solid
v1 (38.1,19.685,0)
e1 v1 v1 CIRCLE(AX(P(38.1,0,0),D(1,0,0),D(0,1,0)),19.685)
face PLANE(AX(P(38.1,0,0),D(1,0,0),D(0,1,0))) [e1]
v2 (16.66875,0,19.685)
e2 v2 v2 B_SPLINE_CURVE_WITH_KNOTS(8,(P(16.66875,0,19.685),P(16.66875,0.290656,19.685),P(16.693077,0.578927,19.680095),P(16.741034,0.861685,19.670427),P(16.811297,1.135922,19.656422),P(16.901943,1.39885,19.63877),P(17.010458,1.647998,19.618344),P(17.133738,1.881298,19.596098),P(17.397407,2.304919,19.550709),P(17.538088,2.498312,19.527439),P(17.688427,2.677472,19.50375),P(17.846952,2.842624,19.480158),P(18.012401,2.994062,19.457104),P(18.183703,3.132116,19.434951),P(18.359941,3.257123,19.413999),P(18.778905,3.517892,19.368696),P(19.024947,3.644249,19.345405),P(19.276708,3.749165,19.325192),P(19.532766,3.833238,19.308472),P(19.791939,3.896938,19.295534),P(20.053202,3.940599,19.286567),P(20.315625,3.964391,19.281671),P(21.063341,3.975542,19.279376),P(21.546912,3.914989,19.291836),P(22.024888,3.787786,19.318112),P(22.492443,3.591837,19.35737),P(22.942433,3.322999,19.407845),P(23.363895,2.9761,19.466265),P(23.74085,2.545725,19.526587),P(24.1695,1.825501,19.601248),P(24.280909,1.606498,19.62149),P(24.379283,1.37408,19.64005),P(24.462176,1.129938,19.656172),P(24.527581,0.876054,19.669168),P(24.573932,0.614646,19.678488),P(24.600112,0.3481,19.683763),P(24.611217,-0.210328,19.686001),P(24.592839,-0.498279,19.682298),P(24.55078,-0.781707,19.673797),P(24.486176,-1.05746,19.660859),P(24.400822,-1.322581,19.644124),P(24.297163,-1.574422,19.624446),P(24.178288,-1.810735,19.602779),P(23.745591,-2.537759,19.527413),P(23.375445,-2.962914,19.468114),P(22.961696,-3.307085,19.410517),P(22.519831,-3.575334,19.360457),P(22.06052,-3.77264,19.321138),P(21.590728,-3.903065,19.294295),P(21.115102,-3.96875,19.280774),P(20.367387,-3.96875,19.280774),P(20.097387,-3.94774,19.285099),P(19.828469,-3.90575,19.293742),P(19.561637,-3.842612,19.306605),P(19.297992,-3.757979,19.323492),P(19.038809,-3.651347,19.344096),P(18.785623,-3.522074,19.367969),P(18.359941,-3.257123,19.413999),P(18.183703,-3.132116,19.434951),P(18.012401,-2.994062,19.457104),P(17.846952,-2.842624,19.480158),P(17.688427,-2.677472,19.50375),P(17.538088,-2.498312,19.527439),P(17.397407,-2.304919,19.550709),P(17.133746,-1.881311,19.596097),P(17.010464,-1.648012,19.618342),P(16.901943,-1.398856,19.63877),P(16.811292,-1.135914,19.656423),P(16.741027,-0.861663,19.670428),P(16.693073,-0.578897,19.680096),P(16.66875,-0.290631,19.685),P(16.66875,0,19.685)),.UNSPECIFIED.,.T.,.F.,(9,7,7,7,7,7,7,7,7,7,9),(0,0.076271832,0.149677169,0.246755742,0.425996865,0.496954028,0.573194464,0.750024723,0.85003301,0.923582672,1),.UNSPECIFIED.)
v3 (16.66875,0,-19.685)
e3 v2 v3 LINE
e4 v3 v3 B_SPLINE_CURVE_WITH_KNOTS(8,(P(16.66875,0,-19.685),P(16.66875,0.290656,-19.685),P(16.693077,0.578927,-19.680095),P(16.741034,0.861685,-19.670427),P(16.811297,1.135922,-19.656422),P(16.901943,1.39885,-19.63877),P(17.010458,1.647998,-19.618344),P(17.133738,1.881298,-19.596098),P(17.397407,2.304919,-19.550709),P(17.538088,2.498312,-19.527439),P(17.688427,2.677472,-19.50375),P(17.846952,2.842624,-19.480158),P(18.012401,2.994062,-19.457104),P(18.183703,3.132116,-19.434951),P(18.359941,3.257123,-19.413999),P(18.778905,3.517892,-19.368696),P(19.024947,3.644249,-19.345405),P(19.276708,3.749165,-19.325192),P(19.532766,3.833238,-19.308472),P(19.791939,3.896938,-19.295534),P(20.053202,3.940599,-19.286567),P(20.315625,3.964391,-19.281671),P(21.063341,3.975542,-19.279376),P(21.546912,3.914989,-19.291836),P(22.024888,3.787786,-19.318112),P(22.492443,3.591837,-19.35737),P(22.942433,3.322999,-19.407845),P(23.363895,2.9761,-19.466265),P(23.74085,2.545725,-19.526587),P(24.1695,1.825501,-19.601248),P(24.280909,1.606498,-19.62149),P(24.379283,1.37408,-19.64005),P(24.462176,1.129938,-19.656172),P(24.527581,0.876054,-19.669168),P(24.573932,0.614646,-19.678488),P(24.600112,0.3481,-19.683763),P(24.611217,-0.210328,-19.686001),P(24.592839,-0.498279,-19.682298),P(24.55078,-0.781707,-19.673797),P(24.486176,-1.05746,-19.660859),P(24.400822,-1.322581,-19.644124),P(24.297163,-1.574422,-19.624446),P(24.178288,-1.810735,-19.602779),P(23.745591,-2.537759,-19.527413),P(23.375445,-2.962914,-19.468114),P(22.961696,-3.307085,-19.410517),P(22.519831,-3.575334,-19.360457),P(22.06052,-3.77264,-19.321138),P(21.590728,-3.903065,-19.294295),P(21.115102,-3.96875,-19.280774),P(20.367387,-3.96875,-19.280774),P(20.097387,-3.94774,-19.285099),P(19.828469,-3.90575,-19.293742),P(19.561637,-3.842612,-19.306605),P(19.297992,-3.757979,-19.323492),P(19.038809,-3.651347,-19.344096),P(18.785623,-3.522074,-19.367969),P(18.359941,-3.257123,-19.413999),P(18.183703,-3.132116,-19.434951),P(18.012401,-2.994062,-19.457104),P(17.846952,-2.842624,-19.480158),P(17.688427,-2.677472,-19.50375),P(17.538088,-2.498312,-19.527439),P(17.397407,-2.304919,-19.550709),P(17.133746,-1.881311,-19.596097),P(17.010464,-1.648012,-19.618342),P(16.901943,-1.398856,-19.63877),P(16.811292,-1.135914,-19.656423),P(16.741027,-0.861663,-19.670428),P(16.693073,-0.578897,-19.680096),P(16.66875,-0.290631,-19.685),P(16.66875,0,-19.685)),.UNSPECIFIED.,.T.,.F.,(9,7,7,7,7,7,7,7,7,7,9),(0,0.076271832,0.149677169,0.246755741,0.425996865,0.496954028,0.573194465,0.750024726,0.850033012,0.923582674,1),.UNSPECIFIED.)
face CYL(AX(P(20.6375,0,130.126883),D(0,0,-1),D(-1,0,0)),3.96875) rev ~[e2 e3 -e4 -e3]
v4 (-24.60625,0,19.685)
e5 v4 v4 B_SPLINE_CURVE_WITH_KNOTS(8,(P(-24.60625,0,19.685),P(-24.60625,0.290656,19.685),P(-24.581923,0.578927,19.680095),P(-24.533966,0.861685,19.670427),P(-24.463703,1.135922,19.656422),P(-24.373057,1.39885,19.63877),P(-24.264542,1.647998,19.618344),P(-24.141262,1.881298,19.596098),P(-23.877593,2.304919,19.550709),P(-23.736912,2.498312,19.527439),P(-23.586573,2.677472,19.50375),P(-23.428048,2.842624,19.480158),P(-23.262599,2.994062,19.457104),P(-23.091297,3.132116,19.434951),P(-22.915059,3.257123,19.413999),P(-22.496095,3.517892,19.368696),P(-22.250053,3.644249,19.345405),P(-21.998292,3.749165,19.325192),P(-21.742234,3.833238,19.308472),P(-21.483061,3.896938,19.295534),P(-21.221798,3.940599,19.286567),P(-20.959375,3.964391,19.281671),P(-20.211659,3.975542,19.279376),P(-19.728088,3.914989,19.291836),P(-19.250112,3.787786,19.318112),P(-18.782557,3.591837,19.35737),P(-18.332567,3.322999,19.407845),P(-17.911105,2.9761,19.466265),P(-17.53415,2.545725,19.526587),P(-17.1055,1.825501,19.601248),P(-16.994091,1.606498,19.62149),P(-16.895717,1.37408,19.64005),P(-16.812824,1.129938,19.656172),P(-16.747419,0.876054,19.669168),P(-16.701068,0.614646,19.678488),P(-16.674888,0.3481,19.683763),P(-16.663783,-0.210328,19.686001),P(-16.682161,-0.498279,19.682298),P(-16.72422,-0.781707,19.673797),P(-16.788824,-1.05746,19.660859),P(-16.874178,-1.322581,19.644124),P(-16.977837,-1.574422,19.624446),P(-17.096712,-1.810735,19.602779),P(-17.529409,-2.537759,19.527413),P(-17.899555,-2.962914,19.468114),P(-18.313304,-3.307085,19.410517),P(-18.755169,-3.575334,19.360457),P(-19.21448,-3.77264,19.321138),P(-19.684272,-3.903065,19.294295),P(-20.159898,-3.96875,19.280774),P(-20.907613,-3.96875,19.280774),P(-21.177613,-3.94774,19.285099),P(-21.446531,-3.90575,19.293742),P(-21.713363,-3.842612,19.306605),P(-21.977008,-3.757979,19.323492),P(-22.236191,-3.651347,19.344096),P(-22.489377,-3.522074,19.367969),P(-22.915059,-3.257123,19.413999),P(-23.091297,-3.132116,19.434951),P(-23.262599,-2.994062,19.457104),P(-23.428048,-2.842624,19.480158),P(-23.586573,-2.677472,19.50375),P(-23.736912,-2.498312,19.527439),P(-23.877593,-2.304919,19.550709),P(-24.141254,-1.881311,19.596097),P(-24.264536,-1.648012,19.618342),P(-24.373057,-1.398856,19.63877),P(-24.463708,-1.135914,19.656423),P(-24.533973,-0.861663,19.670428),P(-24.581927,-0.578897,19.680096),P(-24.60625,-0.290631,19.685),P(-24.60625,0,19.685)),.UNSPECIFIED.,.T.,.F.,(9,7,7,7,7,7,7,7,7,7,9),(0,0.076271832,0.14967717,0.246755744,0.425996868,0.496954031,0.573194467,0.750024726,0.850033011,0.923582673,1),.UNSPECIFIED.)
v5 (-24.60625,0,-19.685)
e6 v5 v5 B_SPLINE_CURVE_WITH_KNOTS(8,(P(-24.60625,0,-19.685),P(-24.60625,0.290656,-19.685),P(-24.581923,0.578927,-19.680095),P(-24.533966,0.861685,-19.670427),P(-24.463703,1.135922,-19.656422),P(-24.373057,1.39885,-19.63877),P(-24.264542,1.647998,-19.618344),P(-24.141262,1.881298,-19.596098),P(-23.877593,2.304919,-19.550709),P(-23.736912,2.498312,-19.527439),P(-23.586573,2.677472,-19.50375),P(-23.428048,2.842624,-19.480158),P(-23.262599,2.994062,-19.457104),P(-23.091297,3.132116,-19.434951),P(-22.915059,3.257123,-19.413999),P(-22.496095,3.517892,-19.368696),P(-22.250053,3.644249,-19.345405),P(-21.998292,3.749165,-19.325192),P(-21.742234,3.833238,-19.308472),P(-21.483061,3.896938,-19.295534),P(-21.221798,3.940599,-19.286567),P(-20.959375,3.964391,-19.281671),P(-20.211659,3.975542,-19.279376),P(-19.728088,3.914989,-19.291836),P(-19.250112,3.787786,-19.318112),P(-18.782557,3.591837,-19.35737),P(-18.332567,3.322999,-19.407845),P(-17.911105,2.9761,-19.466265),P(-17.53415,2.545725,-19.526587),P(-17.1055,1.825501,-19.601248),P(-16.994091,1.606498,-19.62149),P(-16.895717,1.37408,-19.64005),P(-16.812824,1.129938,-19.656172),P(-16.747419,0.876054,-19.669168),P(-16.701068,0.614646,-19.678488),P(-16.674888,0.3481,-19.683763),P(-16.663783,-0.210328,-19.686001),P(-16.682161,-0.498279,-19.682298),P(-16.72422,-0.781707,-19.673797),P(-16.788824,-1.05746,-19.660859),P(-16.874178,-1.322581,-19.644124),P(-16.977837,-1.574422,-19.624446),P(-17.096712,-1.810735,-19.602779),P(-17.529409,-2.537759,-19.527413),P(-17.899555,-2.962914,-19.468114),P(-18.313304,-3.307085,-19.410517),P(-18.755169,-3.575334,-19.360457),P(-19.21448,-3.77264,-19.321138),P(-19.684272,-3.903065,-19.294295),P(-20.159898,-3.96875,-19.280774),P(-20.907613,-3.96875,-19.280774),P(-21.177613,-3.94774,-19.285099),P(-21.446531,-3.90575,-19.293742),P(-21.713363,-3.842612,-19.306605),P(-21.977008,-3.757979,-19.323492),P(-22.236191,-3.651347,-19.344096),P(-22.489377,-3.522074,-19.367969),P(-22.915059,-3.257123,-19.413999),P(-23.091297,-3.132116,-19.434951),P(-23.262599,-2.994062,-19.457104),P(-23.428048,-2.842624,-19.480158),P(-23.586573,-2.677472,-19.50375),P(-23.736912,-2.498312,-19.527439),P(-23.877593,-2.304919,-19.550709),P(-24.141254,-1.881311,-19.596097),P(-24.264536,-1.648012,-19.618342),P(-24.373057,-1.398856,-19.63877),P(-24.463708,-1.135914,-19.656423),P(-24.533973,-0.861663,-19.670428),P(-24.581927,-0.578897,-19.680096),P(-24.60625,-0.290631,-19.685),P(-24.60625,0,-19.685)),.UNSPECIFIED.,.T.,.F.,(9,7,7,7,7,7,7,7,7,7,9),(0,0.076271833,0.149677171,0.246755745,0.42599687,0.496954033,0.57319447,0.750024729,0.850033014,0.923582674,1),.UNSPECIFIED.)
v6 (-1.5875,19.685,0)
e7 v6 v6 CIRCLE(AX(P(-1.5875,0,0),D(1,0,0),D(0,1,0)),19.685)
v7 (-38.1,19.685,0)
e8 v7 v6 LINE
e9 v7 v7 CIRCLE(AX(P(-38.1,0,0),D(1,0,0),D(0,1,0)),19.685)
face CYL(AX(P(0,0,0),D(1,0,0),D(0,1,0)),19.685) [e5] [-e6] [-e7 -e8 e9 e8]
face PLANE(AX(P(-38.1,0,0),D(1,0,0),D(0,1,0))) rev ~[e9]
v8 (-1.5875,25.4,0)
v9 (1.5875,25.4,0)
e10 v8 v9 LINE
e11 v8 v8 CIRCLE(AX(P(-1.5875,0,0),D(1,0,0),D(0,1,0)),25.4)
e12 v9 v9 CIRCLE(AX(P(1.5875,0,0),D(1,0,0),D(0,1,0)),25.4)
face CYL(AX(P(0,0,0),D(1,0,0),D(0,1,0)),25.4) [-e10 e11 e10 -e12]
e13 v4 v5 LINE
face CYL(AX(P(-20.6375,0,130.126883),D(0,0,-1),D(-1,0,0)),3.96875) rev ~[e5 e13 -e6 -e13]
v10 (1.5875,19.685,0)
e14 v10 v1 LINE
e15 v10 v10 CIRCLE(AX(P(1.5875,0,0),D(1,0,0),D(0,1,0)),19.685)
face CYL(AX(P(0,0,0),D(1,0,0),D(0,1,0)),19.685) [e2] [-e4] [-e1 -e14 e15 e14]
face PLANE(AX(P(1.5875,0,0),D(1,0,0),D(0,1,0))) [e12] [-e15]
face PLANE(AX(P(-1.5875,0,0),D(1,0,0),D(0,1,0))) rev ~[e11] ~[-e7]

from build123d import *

# Parameters (mm, degrees)
F0_R     = 19.685
F1_DEPTH = 38.1
F2_R     = 25.4
F3_DEPTH = 1.5875
F6_D     = 7.9375


with BuildPart() as f1:
    # F0 (on Right) → F1 (new body, symmetric)
    with BuildSketch(Plane.YZ):
        Circle(F0_R)
    extrude(amount=F1_DEPTH, both=True)

    # F2 (on Right) → F3 (join, symmetric)
    with BuildSketch(Plane.YZ):
        Circle(F2_R)
    extrude(amount=F3_DEPTH, both=True)

    # F6 (through all)
    with Locations(Plane.XY.offset(25.4)):
        with Locations((-20.6375, 0), (20.6375, 0)):
            Hole(F6_D / 2)


solid = f1.part
